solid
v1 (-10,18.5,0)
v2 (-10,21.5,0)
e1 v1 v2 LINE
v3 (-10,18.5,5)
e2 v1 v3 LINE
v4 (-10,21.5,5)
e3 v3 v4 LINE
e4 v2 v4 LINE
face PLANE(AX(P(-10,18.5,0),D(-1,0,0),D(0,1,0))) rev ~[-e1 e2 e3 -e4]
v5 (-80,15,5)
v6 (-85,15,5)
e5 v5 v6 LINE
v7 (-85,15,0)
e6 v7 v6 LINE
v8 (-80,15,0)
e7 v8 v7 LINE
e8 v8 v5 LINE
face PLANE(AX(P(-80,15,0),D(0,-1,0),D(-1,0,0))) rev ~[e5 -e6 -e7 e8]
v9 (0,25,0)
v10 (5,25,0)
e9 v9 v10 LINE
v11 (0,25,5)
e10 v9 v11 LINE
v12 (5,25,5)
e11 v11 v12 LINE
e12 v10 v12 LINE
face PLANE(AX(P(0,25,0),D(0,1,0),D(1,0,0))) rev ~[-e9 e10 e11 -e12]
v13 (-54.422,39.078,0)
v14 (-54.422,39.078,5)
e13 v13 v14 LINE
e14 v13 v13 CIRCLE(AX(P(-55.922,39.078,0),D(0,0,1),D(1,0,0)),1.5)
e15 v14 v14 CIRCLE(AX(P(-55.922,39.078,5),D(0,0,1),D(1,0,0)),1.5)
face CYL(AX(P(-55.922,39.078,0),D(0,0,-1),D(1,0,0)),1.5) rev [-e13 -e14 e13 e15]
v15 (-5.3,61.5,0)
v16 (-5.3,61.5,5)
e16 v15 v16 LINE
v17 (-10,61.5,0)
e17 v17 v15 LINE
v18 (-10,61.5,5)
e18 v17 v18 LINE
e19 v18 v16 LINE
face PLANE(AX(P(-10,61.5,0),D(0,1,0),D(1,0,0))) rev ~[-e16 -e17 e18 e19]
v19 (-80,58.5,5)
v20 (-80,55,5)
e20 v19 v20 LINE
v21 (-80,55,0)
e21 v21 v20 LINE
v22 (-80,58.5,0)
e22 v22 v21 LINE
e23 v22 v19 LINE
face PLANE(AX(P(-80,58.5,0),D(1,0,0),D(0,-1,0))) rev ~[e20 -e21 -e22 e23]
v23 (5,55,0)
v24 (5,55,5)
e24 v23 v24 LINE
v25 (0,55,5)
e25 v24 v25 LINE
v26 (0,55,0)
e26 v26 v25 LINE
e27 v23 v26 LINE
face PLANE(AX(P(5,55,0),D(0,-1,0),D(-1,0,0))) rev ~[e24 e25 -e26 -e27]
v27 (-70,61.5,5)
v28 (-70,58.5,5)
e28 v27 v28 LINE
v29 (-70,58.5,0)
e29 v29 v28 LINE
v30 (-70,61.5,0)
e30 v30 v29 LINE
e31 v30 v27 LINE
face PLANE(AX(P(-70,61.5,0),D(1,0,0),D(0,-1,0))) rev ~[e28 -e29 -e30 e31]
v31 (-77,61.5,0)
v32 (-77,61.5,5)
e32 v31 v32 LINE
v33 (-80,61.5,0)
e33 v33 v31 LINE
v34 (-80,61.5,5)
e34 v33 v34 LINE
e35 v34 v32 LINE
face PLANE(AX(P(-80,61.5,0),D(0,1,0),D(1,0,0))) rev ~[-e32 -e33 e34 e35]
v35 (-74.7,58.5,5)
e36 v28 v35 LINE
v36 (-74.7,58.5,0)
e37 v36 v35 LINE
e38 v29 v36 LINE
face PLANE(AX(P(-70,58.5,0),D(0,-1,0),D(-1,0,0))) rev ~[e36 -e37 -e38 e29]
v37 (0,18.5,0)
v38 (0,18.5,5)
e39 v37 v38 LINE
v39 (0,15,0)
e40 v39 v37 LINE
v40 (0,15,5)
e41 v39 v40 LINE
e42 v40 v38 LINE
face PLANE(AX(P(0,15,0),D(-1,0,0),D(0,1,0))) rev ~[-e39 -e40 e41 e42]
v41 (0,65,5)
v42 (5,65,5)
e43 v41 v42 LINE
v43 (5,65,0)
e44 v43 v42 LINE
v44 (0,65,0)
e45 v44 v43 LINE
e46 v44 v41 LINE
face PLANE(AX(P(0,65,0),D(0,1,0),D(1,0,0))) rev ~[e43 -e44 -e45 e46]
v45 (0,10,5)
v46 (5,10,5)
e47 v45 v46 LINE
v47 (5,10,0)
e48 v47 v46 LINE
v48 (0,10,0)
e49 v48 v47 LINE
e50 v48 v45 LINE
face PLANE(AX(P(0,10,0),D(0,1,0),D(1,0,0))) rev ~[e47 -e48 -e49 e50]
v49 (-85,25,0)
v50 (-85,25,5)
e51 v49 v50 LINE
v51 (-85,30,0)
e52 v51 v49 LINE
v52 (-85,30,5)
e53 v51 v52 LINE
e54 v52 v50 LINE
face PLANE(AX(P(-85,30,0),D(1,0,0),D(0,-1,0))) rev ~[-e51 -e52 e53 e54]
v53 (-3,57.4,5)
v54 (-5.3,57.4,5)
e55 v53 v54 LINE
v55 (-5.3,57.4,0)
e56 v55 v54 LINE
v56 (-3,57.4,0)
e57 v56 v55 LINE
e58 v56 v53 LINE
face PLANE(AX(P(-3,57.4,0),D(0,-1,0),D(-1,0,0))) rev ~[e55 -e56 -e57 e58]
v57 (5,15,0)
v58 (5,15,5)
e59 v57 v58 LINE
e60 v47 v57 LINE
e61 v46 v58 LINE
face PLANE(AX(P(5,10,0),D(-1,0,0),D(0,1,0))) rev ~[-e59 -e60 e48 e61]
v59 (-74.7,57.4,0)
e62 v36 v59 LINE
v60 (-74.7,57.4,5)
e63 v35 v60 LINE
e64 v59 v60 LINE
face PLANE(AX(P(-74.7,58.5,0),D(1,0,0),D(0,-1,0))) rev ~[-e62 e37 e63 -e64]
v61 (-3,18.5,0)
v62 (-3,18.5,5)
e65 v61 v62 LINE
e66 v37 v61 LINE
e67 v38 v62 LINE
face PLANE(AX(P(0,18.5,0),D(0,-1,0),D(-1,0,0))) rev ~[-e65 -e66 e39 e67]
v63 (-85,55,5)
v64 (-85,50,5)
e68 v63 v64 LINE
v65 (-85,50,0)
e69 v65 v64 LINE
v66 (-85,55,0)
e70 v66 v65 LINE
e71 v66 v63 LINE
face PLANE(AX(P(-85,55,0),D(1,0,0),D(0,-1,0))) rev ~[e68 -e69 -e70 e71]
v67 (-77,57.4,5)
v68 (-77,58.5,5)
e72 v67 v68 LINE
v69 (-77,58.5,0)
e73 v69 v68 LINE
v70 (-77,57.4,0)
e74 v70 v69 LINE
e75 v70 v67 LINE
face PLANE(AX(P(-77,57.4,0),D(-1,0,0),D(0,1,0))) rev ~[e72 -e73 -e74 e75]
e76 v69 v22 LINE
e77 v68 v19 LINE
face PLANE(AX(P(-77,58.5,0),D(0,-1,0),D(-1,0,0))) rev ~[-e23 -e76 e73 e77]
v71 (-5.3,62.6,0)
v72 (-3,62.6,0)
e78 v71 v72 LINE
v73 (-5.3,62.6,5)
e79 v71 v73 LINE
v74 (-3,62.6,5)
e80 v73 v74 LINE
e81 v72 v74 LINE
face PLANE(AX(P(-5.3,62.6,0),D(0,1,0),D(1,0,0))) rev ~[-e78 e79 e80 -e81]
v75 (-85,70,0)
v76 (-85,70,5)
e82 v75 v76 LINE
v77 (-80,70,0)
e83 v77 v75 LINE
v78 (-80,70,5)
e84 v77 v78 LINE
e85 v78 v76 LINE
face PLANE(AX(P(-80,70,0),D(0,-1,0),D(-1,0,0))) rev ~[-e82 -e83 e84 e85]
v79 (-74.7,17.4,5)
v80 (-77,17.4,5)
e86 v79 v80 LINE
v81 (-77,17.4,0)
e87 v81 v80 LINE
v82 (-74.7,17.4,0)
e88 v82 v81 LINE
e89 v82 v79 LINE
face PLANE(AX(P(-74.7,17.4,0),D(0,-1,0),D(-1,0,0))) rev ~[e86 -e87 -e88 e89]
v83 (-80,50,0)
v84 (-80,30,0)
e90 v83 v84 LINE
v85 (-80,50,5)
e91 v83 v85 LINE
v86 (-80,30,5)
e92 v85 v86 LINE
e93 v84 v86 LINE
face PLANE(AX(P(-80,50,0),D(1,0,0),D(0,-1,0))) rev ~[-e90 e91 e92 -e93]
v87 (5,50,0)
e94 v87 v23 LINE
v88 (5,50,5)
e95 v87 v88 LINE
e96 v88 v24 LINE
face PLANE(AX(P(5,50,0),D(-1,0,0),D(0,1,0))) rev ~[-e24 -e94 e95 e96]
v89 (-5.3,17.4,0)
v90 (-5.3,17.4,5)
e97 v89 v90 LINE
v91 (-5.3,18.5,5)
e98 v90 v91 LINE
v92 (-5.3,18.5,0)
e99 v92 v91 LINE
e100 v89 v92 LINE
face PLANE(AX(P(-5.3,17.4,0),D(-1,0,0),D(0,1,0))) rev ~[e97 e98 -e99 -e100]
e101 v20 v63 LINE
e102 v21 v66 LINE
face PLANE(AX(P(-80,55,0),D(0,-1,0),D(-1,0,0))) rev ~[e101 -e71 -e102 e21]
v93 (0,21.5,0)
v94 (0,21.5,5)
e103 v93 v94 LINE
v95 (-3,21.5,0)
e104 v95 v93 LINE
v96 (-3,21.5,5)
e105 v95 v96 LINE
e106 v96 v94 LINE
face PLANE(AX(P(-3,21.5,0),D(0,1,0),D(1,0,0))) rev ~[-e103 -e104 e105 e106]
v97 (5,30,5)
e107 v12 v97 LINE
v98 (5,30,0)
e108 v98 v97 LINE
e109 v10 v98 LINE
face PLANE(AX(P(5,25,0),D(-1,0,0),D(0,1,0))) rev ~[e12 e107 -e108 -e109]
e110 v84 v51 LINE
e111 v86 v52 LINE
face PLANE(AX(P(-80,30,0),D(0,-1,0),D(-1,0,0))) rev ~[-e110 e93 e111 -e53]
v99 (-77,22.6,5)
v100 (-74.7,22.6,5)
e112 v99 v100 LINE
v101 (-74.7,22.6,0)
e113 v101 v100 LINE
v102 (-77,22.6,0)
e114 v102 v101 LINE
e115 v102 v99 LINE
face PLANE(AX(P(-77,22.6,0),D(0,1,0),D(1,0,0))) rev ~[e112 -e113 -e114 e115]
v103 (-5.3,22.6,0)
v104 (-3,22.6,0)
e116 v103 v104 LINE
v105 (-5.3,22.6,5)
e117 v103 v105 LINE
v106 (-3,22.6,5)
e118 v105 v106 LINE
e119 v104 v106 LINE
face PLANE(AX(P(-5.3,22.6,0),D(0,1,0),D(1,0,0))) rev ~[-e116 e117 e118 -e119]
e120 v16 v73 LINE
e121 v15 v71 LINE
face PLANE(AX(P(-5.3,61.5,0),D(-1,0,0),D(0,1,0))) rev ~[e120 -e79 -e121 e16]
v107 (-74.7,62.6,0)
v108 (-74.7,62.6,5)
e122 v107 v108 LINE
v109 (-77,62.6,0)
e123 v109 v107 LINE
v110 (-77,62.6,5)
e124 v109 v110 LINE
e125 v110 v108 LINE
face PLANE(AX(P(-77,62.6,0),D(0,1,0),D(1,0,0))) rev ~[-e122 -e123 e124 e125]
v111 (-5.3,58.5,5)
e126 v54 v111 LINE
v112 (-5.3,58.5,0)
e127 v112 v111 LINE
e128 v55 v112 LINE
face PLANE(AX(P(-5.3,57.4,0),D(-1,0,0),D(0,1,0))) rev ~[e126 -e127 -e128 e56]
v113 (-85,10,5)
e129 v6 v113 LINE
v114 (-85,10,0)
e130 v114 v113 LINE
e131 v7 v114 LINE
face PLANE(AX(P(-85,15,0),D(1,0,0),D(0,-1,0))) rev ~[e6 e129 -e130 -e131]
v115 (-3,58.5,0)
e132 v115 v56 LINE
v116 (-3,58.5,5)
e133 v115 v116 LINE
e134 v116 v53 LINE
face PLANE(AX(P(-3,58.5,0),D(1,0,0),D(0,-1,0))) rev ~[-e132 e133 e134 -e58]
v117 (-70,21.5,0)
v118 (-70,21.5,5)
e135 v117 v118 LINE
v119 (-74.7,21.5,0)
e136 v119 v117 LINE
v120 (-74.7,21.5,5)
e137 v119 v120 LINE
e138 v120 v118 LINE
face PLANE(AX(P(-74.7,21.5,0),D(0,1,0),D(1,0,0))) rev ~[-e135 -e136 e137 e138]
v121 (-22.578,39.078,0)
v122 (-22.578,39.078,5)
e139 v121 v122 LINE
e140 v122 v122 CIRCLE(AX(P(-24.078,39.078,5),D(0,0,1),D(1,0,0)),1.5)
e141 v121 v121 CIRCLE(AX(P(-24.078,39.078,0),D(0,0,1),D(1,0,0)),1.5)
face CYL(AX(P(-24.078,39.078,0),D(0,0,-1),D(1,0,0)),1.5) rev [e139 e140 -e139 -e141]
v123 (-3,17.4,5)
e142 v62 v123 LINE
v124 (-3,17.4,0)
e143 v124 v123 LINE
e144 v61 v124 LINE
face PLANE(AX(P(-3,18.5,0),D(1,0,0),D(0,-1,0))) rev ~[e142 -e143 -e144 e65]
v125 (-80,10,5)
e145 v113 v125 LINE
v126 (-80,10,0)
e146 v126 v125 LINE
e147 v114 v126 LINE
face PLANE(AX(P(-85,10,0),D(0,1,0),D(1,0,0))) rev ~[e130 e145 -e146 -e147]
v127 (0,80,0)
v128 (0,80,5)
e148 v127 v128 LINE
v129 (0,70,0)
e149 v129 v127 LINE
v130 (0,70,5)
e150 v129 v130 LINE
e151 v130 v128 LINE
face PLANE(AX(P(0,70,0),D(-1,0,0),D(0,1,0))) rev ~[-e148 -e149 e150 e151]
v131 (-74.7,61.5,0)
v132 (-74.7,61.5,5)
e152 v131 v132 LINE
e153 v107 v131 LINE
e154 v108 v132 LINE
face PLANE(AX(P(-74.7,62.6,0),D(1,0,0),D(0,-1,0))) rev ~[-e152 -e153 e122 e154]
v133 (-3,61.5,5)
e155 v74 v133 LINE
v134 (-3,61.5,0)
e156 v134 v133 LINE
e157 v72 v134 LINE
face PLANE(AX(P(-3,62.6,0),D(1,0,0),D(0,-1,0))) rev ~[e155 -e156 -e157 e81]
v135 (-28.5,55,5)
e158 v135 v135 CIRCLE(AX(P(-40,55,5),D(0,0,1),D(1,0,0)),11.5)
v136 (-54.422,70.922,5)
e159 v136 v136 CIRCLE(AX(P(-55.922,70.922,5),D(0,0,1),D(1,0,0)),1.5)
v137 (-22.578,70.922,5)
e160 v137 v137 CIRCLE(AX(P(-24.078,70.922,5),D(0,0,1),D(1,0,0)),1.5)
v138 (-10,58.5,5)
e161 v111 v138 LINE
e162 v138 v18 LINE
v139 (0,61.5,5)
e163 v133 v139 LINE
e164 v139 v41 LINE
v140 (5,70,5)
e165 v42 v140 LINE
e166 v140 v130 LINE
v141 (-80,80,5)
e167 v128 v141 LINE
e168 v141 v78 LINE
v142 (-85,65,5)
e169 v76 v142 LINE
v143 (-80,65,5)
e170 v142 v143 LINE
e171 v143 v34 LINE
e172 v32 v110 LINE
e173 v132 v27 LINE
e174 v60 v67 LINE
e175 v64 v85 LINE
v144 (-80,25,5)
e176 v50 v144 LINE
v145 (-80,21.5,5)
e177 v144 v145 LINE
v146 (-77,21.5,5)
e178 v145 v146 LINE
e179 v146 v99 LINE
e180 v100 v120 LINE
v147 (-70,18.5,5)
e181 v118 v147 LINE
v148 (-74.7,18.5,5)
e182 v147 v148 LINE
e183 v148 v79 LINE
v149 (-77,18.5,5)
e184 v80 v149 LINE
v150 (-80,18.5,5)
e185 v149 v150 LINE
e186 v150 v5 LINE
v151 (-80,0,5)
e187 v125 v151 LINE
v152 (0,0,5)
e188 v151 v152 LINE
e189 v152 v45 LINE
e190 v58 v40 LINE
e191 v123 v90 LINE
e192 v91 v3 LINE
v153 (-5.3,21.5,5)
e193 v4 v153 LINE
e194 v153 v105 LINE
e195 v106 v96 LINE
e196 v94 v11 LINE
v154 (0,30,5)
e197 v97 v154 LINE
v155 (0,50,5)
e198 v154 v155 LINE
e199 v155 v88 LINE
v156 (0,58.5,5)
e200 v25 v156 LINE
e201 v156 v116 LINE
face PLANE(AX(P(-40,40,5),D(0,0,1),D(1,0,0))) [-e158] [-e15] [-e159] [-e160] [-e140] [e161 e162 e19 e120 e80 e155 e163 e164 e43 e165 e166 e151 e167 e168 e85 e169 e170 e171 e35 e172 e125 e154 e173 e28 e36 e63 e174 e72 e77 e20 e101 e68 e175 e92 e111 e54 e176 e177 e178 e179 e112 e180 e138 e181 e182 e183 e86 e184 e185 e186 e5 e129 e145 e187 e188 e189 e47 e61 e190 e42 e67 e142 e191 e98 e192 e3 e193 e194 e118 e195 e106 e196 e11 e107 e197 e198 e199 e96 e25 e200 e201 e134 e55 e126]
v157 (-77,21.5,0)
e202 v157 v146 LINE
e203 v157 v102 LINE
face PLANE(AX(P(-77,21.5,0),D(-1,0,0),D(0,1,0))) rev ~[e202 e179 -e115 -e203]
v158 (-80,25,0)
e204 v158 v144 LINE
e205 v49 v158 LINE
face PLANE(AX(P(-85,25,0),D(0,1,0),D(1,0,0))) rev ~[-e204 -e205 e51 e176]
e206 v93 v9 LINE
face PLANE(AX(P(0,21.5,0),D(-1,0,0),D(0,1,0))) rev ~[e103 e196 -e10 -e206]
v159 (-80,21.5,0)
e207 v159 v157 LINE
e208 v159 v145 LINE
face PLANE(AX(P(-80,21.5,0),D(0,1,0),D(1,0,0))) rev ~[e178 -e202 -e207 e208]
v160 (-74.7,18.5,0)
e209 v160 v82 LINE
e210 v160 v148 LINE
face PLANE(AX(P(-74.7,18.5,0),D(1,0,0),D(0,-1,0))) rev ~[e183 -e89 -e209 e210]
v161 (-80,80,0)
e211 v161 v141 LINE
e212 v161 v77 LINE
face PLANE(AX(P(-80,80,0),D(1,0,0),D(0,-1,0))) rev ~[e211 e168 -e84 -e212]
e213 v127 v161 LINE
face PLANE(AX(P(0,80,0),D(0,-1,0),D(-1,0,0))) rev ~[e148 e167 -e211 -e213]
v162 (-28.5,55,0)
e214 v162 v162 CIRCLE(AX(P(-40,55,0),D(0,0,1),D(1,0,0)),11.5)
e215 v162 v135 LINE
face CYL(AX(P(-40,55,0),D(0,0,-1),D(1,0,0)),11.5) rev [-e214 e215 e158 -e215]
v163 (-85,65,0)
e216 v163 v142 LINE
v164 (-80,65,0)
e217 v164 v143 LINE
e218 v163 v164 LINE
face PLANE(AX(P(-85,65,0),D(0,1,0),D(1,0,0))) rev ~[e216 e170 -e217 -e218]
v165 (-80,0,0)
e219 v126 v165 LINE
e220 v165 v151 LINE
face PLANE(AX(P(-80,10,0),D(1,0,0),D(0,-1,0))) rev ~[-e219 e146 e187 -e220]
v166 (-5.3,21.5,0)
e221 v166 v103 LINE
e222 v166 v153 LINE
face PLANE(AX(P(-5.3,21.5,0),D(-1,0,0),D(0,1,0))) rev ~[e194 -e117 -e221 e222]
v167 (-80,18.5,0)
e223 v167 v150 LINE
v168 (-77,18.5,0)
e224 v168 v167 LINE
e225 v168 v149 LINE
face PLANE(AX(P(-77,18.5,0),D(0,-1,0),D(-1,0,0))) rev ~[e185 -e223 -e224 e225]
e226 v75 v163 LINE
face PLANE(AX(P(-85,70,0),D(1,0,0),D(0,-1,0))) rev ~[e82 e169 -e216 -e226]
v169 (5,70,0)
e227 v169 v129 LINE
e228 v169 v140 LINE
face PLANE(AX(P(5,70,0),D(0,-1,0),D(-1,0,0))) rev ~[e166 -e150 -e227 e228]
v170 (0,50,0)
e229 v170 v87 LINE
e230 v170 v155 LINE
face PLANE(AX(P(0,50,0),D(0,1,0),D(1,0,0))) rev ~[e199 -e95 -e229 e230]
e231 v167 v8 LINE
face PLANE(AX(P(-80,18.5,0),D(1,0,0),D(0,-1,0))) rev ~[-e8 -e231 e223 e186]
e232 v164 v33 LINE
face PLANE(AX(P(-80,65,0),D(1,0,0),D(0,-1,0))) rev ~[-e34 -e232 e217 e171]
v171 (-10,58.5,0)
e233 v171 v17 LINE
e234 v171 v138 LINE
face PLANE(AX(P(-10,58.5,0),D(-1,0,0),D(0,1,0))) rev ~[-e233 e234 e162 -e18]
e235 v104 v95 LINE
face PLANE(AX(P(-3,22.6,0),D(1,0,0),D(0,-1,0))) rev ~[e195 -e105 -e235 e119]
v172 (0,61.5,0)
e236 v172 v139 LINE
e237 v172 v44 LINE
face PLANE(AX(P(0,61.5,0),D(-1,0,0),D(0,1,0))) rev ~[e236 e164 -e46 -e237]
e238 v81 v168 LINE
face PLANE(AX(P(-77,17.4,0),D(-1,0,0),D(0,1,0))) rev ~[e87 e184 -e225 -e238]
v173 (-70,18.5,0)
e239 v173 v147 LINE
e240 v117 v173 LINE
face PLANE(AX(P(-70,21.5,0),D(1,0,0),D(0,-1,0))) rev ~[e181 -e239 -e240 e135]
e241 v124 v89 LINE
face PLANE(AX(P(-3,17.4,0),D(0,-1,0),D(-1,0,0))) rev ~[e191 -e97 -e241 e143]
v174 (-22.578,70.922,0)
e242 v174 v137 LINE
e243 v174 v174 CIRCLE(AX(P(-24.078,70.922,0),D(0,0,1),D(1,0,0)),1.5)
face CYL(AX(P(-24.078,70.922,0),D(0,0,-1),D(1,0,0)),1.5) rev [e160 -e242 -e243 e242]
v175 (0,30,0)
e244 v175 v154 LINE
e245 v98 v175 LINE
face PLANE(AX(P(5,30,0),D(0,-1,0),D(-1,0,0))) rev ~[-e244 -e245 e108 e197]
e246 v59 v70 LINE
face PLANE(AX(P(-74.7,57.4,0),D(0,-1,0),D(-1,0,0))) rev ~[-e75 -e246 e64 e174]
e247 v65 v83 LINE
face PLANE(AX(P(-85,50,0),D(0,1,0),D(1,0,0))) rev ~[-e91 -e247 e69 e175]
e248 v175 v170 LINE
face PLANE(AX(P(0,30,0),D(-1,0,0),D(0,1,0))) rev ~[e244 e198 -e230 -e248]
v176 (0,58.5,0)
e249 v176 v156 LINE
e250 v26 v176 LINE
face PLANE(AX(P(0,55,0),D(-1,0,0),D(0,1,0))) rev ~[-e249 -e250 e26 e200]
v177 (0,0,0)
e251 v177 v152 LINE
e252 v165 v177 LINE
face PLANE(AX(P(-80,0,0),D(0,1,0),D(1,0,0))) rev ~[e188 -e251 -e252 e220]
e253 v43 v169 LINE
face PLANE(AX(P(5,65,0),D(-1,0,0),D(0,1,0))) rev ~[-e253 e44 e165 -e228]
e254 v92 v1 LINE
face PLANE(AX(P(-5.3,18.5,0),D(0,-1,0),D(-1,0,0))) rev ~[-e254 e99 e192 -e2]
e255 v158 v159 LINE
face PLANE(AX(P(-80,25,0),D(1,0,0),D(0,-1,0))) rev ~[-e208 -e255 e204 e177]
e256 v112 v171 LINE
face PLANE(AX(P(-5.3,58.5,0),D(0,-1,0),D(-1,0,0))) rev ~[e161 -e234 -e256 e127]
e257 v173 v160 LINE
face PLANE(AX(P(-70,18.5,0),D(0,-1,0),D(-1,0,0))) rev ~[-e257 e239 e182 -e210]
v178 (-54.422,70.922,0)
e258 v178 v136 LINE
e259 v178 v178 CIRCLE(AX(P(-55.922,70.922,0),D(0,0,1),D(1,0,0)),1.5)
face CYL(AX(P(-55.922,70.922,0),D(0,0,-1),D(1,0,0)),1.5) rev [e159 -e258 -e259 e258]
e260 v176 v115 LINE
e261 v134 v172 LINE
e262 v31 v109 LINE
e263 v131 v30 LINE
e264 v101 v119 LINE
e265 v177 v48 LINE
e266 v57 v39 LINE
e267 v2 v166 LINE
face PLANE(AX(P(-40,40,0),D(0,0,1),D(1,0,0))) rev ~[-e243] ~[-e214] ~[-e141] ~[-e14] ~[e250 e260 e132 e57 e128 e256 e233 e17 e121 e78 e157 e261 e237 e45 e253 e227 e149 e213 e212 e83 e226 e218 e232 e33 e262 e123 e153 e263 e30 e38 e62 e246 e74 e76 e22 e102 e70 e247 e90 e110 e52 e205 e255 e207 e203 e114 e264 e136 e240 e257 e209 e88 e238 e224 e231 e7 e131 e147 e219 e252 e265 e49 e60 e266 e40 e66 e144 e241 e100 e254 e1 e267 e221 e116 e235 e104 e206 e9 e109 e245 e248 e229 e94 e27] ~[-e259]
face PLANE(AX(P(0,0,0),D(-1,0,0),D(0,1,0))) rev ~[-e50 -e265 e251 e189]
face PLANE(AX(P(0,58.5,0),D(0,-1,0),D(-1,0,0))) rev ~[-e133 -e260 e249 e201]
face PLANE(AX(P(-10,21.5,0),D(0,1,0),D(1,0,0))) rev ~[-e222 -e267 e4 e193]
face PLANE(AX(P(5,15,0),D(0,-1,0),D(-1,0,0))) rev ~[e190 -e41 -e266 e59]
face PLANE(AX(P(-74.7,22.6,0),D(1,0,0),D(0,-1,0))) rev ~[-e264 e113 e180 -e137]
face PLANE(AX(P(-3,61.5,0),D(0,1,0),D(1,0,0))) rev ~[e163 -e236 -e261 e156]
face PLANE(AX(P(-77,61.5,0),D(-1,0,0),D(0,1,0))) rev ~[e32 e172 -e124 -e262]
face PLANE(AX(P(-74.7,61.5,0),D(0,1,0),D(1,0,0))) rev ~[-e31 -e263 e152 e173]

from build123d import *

# Parameters (mm, degrees)
SKETCH1_R           = 1.5
SKETCH1_R_2         = 11.5
BOSS_EXTRUDE1_DEPTH = 5


with BuildPart() as part:
    # Sketch1 → Boss-Extrude1 (new body)
    with BuildSketch(Plane.XY):
        Polygon((0, 80), (-80, 80), (-80, 70), (-85, 70), (-85, 65), (-80, 65), (-80, 61.5), (-77, 61.5), (-77, 62.6), (-74.7, 62.6), (-74.7, 61.5), (-70, 61.5), (-70, 58.5), (-74.7, 58.5), (-74.7, 57.4), (-77, 57.4), (-77, 58.5), (-80, 58.5), (-80, 55), (-85, 55), (-85, 50), (-80, 50), (-80, 30), (-85, 30), (-85, 25), (-80, 25), (-80, 21.5), (-77, 21.5), (-77, 22.6), (-74.7, 22.6), (-74.7, 21.5), (-70, 21.5), (-70, 18.5), (-74.7, 18.5), (-74.7, 17.4), (-77, 17.4), (-77, 18.5), (-80, 18.5), (-80, 15), (-85, 15), (-85, 10), (-80, 10), (-80, 0), (0, 0), (0, 10), (5, 10), (5, 15), (0, 15), (0, 18.5), (-3, 18.5), (-3, 17.4), (-5.3, 17.4), (-5.3, 18.5), (-10, 18.5), (-10, 21.5), (-5.3, 21.5), (-5.3, 22.6), (-3, 22.6), (-3, 21.5), (0, 21.5), (0, 25), (5, 25), (5, 30), (0, 30), (0, 50), (5, 50), (5, 55), (0, 55), (0, 58.5), (-3, 58.5), (-3, 57.4), (-5.3, 57.4), (-5.3, 58.5), (-10, 58.5), (-10, 61.5), (-5.3, 61.5), (-5.3, 62.6), (-3, 62.6), (-3, 61.5), (0, 61.5), (0, 65), (5, 65), (5, 70), (0, 70), align=None)
        with Locations((-55.922, 70.922)):
            Circle(SKETCH1_R, mode=Mode.SUBTRACT)
        with Locations((-24.078, 70.922)):
            Circle(SKETCH1_R, mode=Mode.SUBTRACT)
        with Locations((-24.078, 39.078)):
            Circle(SKETCH1_R, mode=Mode.SUBTRACT)
        with Locations((-55.922, 39.078)):
            Circle(SKETCH1_R, mode=Mode.SUBTRACT)
        with Locations((-40, 55)):
            Circle(SKETCH1_R_2, mode=Mode.SUBTRACT)
    extrude(amount=BOSS_EXTRUDE1_DEPTH)


solid = part.part
